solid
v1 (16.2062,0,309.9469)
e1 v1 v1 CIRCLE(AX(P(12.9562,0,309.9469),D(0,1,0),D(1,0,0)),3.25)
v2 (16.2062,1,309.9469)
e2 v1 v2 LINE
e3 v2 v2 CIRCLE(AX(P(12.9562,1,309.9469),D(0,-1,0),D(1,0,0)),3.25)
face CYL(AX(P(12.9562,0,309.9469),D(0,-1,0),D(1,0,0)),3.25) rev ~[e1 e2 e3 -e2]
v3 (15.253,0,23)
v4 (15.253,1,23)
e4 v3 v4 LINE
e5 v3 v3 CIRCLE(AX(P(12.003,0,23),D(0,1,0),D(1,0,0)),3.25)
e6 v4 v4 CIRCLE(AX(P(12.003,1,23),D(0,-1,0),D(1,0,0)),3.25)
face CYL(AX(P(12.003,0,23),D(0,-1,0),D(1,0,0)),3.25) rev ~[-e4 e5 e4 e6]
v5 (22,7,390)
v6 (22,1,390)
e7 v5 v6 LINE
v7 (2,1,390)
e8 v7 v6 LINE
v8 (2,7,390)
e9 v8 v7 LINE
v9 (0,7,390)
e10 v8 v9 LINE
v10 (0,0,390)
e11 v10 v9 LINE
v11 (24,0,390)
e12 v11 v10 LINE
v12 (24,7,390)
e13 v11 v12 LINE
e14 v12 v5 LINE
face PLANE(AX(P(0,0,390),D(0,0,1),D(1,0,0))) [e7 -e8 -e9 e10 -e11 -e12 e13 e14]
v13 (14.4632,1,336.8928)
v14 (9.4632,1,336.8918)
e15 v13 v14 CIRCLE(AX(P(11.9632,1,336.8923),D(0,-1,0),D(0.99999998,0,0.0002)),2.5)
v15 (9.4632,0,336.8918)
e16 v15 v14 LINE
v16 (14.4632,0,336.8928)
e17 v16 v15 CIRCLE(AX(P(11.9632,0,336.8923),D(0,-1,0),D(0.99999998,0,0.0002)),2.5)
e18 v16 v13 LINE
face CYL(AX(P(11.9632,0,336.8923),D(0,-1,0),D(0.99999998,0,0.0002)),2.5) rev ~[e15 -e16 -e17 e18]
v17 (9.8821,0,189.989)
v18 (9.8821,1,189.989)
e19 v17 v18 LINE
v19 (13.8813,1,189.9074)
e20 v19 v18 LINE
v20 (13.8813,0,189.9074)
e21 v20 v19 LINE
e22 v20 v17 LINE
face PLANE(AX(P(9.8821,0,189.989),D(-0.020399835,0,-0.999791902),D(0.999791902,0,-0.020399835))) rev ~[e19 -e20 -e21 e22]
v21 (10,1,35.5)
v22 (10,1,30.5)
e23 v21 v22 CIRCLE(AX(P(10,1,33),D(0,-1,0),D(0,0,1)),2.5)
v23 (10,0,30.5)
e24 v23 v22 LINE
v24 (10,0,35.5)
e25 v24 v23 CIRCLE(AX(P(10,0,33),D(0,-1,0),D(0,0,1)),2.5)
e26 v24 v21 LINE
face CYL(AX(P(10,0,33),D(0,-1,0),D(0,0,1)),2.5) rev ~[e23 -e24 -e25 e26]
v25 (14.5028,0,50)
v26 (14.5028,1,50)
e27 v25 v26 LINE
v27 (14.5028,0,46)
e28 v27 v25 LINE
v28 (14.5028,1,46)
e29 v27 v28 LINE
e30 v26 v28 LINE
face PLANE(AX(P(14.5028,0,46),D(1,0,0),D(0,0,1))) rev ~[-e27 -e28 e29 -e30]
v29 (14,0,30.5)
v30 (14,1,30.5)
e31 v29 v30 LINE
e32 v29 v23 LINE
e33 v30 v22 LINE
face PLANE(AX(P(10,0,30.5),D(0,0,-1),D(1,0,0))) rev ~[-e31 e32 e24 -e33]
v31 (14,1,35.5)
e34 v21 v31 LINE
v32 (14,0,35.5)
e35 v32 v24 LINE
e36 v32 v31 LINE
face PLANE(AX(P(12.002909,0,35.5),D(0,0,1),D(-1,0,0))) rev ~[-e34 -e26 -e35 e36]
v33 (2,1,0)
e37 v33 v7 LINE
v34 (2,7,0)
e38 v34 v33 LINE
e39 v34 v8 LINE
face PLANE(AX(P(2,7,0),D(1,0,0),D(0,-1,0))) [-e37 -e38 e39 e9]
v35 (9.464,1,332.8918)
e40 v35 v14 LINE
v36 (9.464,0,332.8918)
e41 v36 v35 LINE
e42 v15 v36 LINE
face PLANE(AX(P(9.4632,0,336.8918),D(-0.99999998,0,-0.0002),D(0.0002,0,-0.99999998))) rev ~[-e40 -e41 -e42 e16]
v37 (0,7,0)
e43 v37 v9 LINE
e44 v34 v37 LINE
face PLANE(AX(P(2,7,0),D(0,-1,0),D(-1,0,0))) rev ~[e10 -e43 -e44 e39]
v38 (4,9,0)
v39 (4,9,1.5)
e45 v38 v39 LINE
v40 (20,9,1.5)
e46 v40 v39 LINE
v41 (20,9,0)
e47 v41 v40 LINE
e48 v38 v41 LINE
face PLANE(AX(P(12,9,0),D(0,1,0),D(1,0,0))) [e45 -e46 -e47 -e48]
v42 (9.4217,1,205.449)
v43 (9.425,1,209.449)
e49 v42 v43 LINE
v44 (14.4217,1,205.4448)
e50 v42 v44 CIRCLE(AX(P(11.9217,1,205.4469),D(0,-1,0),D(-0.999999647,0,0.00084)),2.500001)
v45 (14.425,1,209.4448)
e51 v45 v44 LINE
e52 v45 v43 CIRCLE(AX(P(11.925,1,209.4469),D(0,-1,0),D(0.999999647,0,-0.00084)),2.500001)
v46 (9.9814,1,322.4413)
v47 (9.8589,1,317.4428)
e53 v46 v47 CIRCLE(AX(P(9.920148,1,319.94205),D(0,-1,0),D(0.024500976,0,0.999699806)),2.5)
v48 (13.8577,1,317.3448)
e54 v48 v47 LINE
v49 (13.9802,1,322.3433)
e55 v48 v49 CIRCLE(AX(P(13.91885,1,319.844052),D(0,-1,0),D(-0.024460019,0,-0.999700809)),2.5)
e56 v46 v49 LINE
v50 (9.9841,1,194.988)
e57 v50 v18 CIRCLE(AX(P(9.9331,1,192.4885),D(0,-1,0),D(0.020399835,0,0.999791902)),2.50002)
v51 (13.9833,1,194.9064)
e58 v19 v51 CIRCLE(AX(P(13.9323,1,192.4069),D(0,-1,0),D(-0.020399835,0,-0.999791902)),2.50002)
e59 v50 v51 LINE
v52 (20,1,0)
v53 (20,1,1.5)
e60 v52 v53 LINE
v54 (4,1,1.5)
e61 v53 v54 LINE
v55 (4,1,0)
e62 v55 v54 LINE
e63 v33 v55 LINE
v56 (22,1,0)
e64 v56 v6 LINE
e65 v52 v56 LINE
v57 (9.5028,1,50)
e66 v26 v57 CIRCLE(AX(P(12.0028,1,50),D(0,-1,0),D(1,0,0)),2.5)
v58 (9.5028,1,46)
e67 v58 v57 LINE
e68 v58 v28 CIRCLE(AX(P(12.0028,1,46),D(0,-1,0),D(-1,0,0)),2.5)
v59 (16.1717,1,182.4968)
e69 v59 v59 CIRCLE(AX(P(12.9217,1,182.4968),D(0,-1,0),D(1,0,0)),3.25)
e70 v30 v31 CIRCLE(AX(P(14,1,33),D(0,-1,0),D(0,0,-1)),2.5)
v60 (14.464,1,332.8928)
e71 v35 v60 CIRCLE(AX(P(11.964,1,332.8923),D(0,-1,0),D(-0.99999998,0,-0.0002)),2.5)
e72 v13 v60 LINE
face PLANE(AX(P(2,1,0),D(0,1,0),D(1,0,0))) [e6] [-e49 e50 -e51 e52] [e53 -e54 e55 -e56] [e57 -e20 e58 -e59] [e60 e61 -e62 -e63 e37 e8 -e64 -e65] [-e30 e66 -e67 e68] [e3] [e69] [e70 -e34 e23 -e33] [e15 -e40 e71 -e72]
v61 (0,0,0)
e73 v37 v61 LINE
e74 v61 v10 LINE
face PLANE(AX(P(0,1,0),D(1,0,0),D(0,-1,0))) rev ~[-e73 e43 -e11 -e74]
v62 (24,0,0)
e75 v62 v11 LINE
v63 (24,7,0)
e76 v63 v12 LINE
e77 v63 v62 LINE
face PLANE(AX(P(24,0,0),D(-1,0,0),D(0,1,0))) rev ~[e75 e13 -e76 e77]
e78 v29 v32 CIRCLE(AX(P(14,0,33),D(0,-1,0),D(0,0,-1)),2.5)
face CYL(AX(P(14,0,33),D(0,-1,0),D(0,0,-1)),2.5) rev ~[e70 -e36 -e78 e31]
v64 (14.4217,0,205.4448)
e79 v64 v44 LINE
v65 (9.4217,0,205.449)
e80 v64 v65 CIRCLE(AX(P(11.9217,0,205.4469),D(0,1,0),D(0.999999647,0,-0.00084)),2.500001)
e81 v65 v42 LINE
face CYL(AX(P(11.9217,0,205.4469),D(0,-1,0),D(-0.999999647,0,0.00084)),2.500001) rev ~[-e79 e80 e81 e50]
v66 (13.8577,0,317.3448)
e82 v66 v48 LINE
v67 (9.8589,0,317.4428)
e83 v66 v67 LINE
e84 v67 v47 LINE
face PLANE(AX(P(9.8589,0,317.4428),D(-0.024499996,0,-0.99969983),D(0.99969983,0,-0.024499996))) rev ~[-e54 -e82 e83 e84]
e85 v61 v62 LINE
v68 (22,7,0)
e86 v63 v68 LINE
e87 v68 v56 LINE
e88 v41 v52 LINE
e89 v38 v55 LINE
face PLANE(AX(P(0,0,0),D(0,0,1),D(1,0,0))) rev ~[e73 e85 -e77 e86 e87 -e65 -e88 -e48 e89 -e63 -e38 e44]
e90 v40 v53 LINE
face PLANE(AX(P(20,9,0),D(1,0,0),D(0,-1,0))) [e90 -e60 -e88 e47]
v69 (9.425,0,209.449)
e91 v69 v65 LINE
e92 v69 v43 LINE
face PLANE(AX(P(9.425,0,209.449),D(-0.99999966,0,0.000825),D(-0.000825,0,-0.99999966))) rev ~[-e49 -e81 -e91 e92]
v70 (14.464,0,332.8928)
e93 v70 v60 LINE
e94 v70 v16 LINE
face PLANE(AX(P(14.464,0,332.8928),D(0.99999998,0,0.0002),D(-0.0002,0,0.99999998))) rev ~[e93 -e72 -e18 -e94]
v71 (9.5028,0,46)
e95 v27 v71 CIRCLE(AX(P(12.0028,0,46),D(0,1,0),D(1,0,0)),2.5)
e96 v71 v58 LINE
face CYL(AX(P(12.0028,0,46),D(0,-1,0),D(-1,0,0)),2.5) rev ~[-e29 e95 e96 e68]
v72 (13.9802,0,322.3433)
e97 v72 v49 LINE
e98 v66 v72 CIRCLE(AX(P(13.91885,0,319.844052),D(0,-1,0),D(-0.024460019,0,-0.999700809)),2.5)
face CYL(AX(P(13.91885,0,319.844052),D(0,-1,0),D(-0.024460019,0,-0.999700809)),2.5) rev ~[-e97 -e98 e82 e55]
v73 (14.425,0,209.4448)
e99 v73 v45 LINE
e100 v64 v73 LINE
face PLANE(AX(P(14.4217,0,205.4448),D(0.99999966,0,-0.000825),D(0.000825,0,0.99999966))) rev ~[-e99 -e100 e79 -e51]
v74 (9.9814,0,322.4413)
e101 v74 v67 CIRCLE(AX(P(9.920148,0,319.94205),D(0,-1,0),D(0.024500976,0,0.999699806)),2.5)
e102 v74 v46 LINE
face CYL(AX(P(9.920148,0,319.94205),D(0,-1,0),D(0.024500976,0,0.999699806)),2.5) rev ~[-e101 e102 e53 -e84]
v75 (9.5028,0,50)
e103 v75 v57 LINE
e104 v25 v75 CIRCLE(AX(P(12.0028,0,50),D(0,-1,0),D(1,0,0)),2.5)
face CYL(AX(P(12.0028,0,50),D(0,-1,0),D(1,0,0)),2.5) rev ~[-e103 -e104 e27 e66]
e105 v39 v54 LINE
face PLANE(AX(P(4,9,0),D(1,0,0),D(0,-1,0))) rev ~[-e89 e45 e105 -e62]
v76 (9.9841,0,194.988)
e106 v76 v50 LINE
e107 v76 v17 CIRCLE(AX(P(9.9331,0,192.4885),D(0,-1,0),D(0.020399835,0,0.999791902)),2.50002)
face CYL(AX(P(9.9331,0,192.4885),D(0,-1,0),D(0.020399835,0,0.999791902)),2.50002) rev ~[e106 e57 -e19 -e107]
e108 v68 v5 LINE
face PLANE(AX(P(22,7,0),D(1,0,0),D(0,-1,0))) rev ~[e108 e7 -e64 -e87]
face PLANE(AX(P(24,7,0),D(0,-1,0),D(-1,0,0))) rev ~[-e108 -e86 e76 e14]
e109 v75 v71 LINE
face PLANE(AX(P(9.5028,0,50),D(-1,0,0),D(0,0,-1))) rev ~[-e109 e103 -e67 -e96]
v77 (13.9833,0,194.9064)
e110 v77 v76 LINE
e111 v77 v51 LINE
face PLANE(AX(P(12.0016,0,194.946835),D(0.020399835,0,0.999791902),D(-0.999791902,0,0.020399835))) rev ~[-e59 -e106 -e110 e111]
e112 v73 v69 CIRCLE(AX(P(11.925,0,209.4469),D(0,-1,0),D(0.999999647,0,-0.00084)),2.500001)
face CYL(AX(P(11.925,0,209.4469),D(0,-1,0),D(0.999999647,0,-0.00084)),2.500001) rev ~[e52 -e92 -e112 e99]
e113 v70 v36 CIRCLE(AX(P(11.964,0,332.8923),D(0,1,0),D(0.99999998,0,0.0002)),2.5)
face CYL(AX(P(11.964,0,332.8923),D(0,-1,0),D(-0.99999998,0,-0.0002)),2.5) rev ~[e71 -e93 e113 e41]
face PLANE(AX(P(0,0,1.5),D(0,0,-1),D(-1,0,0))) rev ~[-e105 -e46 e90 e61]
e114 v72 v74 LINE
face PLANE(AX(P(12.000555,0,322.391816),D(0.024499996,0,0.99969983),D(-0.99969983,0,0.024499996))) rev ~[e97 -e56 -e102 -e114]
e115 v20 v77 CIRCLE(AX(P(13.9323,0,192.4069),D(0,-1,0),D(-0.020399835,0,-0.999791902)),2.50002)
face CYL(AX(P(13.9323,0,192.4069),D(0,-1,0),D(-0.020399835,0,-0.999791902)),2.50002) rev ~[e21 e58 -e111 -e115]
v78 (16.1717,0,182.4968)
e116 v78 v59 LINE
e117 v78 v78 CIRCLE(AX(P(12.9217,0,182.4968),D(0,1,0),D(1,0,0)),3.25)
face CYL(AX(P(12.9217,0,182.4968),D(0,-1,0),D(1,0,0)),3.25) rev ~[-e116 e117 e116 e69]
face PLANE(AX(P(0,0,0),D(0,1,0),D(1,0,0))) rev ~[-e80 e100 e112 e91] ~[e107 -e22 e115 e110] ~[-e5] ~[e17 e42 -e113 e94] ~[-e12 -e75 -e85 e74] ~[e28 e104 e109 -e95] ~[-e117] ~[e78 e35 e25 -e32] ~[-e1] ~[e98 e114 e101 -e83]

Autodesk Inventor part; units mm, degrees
ref_plane "YZ Plane" through (0, 0, 0) normal (1, 0, 0) x (0, 1, 0)
ref_plane "XZ Plane" through (0, 0, 0) normal (0, 1, 0) x (-1, 0, 0)
ref_plane "XY Plane" through (0, 0, 0) normal (0, 0, 1) x (1, 0, 0)
sketch "Эскиз1" plane through (0, 0, 0) normal (0, 0, 1) x (1, 0, 0)
  line L0 (0, 0) -> (24, 0)
  line L1 (24, 0) -> (24, 7)
  line L2 (24, 7) -> (0, 7)
  line L3 (0, 7) -> (0, 0)
  line L4 (0, 1) -> (24, 1)
  line L5 (2, 7) -> (2, 0)
  line L6 (22, 7) -> (22, 0)
  point P0 (0, 3.5)
  point P1 (12, 0)
  point P2 (2, 1)
  point P3 (22, 1)
  dimension "d0" = 24
  dimension "d1" = 7
  dimension "d2" = 2
  dimension "d3" = 2
  dimension "d4" = 1
extrude "Выдавливание1" add sketch "Эскиз1" along normal blind 390 contours L3 L4 L5 L0 | L5 L4 L6 L0 | L3 L2 L5 L4 | L6 L4 L1 L0 | L6 L2 L1 L4
sketch "Эскиз3" plane through (0, 0, 0) normal (0, -1, 0) x (1, 0, 0)
  line L0 (12.0032, 0) -> (12, 390)
  line L1 (22, 390) -> (2, 390) projected
  circle A0 centre (12.003, 23) radius 3.25
  line L2 (0, 0) -> (24, 0) projected
  line L3 (7.5, 33) -> (16.5, 33) construction
  line L4 (24, 0) -> (24, 390) projected
  line L5 (10, 30.5) -> (14, 30.5)
  line L6 (14, 35.5) -> (10, 35.5)
  arc A1 (10, 35.5) -> (10, 30.5) centre (10, 33) ccw
  arc A2 (14, 30.5) -> (14, 35.5) centre (14, 33) ccw
  line L7 (12.0029, 43.5) -> (12.0028, 52.5) construction
  line L8 (14.5028, 46) -> (14.5028, 50)
  line L9 (9.5028, 50) -> (9.5028, 46)
  arc A3 (9.5028, 46) -> (14.5028, 46) centre (12.0028, 46) ccw
  arc A4 (14.5028, 50) -> (9.5028, 50) centre (12.0028, 50) ccw
  circle A5 centre (12.9217, 182.4968) radius 3.25
  line L10 (7.4336, 192.5395) -> (16.4317, 192.3559) construction
  line L11 (9.8821, 189.989) -> (13.8813, 189.9074)
  line L12 (13.9833, 194.9064) -> (9.9841, 194.988)
  arc A6 (9.9841, 194.988) -> (9.8821, 189.989) centre (9.9331, 192.4885) ccw
  arc A7 (13.8813, 189.9074) -> (13.9833, 194.9064) centre (13.9323, 192.4069) ccw
  line L13 (11.9196, 202.9469) -> (11.9271, 211.9469) construction
  line L14 (14.4217, 205.4448) -> (14.425, 209.4448)
  line L15 (9.425, 209.449) -> (9.4217, 205.449)
  arc A8 (9.4217, 205.449) -> (14.4217, 205.4448) centre (11.9217, 205.4469) ccw
  arc A9 (14.425, 209.4448) -> (9.425, 209.449) centre (11.925, 209.4469) ccw
  line L16 (11.9646, 330.3923) -> (11.9626, 339.3923) construction
  line L17 (14.464, 332.8928) -> (14.4632, 336.8928)
  arc A10 (14.4632, 336.8928) -> (9.4632, 336.8918) centre (11.9632, 336.8923) ccw
  arc A11 (9.464, 332.8918) -> (14.464, 332.8928) centre (11.964, 332.8923) ccw
  line L18 (7.4209, 320.0033) -> (16.4182, 319.7828) construction
  arc A12 (9.9814, 322.4413) -> (9.8589, 317.4428) centre (9.9201, 319.9421) ccw
  circle A13 centre (12.9562, 309.9469) radius 3.25
  line L19 (9.4632, 336.8918) -> (9.464, 332.8918)
  line L20 (13.9802, 322.3433) -> (9.9814, 322.4413)
  arc A14 (13.8577, 317.3448) -> (13.9802, 322.3433) centre (13.9189, 319.844) ccw
  line L21 (9.8589, 317.4428) -> (13.8577, 317.3448)
  point P0 (12, 33)
  point P1 (12.0028, 48)
  point P2 (12, 35.5)
  point P3 (11.9327, 192.4477)
  point P4 (11.9233, 207.4469)
  point P5 (11.9837, 194.9472)
  point P6 (12.0028, 52.5)
  point P7 (11.9636, 334.8923)
  point P8 (11.9646, 330.3923)
  point P9 (11.9195, 319.8931)
  point P10 (11.9808, 322.3923)
  point P11 (11.9271, 211.9469)
  dimension "d7" = 6.5
  dimension "d8" = 23
  dimension "d9" = 9
  dimension "d10" = 5
  dimension "d11" = 10
  dimension "d12" = 9
  dimension "d13" = 5
  dimension "d14" = 8
  dimension "d15" = 6.5
  dimension "d16" = 9
  dimension "d17" = 5
  dimension "d18" = 10
  dimension "d19" = 9
  dimension "d20" = 5
  dimension "d21" = 8
  dimension "d22" = 130
  dimension "d23" = 6.5
  dimension "d24" = 9
  dimension "d25" = 5
  dimension "d26" = 10
  dimension "d27" = 9
  dimension "d28" = 5
  dimension "d29" = 8
  dimension "d30" = 98
extrude "Выдавливание2" cut sketch "Эскиз3" against normal blind 10
sketch "Эскиз4" plane through (0, 0, 0) normal (0, 0, -1) x (-1, 0, 0)
  line L0 (-2, 7) -> (0, 7) projected
  line L1 (-2, 1) -> (-2, 7) projected
  line L2 (-22, 1) -> (-2, 1) projected
  line L3 (-22, 7) -> (-22, 1) projected
  line L4 (-24, 7) -> (-22, 7) projected
  line L5 (-24, 0) -> (-24, 7) projected
  line L6 (0, 0) -> (-24, 0) projected
  line L7 (0, 7) -> (0, 0) projected
  line L8 (-12, 9) -> (-20, 9)
  line L9 (-20, 9) -> (-20, 0)
  line L10 (-12, 9) -> (-4, 9)
  line L11 (-4, 9) -> (-4, 0)
  point P0 (-20, 1)
  point P1 (-4, 1)
extrude "Выдавливание3" add sketch "Эскиз4" against normal blind 1.5 contours L2 L9 L8 L10 L11
properties part number "3 часть направляшки"
